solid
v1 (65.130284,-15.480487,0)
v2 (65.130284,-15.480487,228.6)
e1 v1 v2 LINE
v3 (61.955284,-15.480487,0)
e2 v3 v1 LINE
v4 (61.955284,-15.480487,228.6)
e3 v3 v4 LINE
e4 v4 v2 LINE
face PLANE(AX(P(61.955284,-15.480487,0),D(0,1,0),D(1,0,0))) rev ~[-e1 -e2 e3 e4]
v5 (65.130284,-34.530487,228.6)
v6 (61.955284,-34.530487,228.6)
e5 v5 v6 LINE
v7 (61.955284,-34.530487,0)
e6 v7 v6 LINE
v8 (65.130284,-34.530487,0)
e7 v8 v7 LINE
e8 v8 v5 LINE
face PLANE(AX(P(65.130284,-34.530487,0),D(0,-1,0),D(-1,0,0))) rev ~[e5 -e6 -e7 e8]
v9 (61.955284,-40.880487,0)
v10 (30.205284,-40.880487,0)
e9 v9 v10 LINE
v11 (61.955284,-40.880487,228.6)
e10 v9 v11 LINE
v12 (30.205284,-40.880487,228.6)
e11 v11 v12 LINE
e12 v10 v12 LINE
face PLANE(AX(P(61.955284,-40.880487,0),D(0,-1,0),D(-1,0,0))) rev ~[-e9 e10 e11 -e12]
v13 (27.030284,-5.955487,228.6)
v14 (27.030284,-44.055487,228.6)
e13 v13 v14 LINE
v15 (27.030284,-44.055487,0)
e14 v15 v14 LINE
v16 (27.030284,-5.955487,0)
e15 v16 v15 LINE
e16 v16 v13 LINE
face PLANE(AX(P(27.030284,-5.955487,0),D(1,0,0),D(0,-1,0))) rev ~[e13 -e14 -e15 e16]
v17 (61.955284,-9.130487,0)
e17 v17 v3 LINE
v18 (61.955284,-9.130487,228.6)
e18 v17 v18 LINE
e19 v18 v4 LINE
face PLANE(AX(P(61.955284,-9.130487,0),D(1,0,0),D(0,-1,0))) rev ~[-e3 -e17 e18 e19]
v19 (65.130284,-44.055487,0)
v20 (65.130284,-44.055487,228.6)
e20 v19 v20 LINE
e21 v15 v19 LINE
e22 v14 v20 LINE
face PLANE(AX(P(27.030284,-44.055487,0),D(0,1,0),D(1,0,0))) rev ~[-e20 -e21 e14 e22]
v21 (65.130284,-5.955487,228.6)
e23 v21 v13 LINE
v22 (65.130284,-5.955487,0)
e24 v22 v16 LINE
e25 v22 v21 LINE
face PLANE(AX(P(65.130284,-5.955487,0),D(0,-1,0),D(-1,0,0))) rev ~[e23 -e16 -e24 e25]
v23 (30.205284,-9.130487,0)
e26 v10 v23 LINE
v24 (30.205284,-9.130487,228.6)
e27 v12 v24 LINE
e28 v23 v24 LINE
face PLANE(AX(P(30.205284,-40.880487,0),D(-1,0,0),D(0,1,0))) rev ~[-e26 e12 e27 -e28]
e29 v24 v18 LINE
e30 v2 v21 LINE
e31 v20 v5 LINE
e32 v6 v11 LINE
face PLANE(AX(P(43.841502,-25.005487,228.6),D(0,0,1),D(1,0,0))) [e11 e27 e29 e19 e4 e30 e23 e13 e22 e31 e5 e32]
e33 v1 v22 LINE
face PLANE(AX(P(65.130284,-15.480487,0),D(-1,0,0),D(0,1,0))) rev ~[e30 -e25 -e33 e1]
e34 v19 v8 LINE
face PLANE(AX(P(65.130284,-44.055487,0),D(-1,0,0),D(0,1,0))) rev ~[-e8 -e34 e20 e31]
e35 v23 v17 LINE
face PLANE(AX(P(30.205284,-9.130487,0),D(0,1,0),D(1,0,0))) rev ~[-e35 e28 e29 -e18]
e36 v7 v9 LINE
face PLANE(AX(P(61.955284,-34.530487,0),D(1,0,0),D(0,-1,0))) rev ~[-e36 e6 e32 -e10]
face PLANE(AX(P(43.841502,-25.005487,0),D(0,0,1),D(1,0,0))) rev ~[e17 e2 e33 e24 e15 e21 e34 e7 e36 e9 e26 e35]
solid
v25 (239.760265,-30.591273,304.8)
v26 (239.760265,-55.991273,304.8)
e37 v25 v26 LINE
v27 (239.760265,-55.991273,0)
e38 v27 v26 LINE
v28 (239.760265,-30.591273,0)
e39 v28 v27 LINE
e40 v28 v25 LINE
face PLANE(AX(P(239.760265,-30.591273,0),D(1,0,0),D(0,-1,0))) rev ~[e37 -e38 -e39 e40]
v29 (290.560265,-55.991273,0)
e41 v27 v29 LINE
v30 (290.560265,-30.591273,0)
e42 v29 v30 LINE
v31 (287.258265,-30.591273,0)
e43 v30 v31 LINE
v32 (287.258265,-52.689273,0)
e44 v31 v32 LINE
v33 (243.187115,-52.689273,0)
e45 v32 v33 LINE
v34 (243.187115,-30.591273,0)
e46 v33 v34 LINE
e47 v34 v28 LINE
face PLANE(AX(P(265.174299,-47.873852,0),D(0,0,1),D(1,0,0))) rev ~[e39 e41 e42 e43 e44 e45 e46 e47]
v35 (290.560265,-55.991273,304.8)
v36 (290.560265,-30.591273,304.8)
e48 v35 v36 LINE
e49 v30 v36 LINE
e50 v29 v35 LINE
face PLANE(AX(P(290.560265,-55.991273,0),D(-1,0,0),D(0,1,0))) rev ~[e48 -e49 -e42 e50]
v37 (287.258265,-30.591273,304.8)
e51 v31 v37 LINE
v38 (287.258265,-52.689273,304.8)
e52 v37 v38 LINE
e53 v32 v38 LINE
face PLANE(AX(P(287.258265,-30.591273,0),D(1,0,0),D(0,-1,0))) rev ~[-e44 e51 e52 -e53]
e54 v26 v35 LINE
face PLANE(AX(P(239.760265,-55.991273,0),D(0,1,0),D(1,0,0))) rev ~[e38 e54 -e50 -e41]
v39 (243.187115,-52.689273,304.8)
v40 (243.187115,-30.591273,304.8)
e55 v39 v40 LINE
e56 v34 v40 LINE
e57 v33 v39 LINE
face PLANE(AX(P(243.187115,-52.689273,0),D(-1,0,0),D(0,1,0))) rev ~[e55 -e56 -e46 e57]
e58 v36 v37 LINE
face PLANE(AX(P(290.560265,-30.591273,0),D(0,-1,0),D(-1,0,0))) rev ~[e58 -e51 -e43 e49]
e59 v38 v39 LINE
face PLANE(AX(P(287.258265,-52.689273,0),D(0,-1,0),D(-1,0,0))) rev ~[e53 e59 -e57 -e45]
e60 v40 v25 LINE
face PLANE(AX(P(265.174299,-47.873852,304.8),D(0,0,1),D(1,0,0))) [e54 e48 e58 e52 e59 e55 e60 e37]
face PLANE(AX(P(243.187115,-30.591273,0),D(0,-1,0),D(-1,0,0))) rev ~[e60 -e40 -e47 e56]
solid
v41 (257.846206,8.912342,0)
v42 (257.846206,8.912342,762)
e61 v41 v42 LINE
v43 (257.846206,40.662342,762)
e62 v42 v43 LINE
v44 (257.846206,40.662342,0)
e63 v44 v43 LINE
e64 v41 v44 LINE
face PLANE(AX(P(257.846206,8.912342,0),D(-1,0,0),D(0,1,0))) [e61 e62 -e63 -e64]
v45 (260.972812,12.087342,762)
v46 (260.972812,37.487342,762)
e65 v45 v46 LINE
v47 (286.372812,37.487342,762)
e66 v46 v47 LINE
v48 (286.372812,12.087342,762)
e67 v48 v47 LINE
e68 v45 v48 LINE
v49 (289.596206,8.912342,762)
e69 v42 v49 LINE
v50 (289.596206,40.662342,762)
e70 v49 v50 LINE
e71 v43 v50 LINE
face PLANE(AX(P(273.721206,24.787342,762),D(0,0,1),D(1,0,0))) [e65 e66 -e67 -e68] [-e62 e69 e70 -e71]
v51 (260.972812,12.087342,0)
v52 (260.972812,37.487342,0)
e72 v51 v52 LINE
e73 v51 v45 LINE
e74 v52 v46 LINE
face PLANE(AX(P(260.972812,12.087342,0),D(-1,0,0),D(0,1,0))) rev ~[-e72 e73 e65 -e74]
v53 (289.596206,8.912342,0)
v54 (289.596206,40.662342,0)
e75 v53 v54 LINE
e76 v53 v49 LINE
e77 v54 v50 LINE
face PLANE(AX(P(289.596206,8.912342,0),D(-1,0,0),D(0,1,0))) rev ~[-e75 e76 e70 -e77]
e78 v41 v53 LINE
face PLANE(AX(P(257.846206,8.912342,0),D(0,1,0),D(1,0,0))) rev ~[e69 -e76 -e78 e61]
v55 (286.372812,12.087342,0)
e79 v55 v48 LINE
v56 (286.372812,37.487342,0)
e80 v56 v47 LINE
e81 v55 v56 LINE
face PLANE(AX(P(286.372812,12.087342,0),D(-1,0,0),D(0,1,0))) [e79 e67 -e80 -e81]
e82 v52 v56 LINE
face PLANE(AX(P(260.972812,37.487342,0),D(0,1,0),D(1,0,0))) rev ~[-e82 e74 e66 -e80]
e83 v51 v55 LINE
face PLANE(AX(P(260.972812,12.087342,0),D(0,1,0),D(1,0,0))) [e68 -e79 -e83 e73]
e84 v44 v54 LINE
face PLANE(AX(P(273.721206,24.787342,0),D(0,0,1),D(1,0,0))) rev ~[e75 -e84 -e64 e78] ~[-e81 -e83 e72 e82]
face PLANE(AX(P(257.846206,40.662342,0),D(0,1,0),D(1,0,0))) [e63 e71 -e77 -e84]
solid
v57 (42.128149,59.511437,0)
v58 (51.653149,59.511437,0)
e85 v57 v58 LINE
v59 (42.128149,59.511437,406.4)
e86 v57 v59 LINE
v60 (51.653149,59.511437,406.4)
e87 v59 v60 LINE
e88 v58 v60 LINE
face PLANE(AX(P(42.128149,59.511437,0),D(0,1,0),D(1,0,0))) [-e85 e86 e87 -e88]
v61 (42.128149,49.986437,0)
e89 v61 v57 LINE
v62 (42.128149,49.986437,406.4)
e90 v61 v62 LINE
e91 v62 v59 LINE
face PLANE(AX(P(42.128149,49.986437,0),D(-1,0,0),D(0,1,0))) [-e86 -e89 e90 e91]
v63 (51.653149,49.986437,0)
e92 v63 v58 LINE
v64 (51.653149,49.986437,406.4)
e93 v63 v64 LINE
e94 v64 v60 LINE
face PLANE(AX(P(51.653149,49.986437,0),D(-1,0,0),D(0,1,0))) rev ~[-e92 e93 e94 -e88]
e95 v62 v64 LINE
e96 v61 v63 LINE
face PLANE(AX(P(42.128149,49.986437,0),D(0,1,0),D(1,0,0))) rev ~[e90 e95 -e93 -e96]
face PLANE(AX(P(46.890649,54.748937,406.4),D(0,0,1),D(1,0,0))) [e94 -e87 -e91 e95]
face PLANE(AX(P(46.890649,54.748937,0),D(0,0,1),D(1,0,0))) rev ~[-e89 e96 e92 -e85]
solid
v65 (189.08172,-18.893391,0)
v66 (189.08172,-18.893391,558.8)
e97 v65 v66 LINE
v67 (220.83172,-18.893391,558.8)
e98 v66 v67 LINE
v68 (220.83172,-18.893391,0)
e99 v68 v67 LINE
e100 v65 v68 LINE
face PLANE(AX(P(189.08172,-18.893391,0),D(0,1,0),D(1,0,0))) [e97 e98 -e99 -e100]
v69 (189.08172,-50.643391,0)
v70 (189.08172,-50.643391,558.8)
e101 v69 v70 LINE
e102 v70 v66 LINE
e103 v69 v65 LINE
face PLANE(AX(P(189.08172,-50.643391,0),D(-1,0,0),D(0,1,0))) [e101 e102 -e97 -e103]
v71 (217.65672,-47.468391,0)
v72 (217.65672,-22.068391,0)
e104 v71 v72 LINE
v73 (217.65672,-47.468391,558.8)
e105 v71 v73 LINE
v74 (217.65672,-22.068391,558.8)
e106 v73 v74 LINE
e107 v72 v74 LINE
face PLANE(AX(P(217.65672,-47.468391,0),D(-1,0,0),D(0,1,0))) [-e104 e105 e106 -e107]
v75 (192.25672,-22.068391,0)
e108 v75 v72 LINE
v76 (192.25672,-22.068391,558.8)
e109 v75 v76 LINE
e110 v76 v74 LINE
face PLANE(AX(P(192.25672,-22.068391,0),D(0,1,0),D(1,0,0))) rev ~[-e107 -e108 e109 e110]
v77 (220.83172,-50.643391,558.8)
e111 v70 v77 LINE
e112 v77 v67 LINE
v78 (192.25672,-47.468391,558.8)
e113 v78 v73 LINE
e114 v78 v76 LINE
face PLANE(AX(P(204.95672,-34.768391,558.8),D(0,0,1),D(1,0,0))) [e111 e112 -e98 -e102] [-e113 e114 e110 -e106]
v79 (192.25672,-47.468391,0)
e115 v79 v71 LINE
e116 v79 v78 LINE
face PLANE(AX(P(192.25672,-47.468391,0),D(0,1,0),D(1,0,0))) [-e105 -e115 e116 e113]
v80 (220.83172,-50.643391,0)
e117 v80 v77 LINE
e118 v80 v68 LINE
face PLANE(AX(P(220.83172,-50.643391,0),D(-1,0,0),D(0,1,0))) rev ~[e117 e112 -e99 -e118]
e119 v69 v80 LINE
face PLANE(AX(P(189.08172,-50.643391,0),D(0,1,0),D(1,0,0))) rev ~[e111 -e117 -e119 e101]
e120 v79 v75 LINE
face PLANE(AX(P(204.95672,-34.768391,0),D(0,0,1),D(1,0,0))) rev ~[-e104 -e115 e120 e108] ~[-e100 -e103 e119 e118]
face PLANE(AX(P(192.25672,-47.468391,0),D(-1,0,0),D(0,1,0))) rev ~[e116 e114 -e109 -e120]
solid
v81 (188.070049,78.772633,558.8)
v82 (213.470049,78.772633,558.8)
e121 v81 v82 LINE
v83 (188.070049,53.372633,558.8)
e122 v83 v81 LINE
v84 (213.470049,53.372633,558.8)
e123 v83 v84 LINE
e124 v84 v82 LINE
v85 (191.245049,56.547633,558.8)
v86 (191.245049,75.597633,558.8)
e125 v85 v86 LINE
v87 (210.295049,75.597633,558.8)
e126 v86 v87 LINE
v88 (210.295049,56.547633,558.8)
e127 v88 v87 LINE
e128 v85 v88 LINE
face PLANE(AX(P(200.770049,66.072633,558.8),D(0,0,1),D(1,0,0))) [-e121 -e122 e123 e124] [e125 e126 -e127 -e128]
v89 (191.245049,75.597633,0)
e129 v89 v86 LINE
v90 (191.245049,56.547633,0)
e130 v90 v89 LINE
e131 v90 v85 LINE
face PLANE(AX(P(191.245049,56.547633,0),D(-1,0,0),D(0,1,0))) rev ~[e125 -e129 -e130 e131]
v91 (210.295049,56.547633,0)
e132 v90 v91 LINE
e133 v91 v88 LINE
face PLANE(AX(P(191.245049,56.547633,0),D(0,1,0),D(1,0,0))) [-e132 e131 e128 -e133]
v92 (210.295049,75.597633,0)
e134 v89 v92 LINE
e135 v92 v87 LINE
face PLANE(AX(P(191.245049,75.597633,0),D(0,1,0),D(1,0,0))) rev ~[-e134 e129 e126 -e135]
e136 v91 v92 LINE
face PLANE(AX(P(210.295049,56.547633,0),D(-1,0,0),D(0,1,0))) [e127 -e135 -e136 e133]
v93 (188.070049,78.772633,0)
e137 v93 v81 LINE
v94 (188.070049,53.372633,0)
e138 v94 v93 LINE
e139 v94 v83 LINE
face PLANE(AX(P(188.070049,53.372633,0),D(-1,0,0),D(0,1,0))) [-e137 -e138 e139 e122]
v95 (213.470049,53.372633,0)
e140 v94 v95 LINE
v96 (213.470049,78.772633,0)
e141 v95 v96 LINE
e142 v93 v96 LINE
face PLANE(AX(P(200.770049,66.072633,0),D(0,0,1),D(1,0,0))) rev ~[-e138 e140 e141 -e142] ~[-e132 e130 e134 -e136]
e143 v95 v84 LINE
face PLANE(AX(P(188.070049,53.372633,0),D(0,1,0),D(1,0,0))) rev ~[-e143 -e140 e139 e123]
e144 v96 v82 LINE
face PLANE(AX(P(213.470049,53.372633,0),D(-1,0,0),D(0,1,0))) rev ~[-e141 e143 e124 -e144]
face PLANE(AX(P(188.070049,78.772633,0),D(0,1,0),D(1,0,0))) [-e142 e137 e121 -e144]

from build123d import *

# Parameters (mm, degrees)
F0_W     = 25.4
F0_H     = 25.4
F0_W_2   = 19.05
F0_H_2   = 19.05
F1_DEPTH = 558.8
F0_W_3   = 31.75
F0_H_3   = 31.75
F2_DEPTH = 558.8
F3_DEPTH = 762
F4_DEPTH = 228.6
F5_DEPTH = 304.8
F0_W_4   = 9.525
F0_H_4   = 9.525
F6_DEPTH = 406.4


with BuildPart() as f1:
    # F0 (on Top) → F1 (new body)
    with BuildSketch(Plane.XY):
        with Locations((200.770049, 66.072633)):
            Rectangle(F0_W, F0_H)
        with Locations((200.770049, 66.072633)):
            Rectangle(F0_W_2, F0_H_2, mode=Mode.SUBTRACT)
    extrude(amount=F1_DEPTH)


with BuildPart() as f2:
    # F0 (on Top) → F2 (new body)
    with BuildSketch(Plane.XY):
        with Locations((204.95672, -34.768391)):
            Rectangle(F0_W_3, F0_H_3)
        with Locations((204.95672, -34.768391)):
            Rectangle(F0_W, F0_H, mode=Mode.SUBTRACT)
    extrude(amount=F2_DEPTH)


with BuildPart() as f3:
    # F0 (on Top) → F3 (new body)
    with BuildSketch(Plane.XY):
        with Locations((273.721206, 24.787342)):
            Rectangle(F0_W_3, F0_H_3)
        with Locations((273.672812, 24.787342)):
            Rectangle(F0_W, F0_H, mode=Mode.SUBTRACT)
    extrude(amount=F3_DEPTH)


with BuildPart() as f4:
    # F0 (on Top) → F4 (new body)
    with BuildSketch(Plane.XY):
        Polygon((65.130284, -15.480487), (65.130284, -5.955487), (27.030284, -5.955487), (27.030284, -44.055487), (65.130284, -44.055487), (65.130284, -34.530487), (61.955284, -34.530487), (61.955284, -40.880487), (30.205284, -40.880487), (30.205284, -9.130487), (61.955284, -9.130487), (61.955284, -15.480487), align=None)
    extrude(amount=F4_DEPTH)


with BuildPart() as f5:
    # F0 (on Top) → F5 (new body)
    with BuildSketch(Plane.XY):
        Polygon((290.560265, -55.991273), (290.560265, -30.591273), (287.258265, -30.591273), (287.258265, -52.689273), (243.187115, -52.689273), (243.187115, -30.591273), (239.760265, -30.591273), (239.760265, -55.991273), align=None)
    extrude(amount=F5_DEPTH)


with BuildPart() as f6:
    # F0 (on Top) → F6 (new body)
    with BuildSketch(Plane.XY):
        with Locations((46.890649, 54.748937)):
            Rectangle(F0_W_4, F0_H_4)
    extrude(amount=F6_DEPTH)


solid = Compound([f1.part, f2.part, f3.part, f4.part, f5.part, f6.part])
